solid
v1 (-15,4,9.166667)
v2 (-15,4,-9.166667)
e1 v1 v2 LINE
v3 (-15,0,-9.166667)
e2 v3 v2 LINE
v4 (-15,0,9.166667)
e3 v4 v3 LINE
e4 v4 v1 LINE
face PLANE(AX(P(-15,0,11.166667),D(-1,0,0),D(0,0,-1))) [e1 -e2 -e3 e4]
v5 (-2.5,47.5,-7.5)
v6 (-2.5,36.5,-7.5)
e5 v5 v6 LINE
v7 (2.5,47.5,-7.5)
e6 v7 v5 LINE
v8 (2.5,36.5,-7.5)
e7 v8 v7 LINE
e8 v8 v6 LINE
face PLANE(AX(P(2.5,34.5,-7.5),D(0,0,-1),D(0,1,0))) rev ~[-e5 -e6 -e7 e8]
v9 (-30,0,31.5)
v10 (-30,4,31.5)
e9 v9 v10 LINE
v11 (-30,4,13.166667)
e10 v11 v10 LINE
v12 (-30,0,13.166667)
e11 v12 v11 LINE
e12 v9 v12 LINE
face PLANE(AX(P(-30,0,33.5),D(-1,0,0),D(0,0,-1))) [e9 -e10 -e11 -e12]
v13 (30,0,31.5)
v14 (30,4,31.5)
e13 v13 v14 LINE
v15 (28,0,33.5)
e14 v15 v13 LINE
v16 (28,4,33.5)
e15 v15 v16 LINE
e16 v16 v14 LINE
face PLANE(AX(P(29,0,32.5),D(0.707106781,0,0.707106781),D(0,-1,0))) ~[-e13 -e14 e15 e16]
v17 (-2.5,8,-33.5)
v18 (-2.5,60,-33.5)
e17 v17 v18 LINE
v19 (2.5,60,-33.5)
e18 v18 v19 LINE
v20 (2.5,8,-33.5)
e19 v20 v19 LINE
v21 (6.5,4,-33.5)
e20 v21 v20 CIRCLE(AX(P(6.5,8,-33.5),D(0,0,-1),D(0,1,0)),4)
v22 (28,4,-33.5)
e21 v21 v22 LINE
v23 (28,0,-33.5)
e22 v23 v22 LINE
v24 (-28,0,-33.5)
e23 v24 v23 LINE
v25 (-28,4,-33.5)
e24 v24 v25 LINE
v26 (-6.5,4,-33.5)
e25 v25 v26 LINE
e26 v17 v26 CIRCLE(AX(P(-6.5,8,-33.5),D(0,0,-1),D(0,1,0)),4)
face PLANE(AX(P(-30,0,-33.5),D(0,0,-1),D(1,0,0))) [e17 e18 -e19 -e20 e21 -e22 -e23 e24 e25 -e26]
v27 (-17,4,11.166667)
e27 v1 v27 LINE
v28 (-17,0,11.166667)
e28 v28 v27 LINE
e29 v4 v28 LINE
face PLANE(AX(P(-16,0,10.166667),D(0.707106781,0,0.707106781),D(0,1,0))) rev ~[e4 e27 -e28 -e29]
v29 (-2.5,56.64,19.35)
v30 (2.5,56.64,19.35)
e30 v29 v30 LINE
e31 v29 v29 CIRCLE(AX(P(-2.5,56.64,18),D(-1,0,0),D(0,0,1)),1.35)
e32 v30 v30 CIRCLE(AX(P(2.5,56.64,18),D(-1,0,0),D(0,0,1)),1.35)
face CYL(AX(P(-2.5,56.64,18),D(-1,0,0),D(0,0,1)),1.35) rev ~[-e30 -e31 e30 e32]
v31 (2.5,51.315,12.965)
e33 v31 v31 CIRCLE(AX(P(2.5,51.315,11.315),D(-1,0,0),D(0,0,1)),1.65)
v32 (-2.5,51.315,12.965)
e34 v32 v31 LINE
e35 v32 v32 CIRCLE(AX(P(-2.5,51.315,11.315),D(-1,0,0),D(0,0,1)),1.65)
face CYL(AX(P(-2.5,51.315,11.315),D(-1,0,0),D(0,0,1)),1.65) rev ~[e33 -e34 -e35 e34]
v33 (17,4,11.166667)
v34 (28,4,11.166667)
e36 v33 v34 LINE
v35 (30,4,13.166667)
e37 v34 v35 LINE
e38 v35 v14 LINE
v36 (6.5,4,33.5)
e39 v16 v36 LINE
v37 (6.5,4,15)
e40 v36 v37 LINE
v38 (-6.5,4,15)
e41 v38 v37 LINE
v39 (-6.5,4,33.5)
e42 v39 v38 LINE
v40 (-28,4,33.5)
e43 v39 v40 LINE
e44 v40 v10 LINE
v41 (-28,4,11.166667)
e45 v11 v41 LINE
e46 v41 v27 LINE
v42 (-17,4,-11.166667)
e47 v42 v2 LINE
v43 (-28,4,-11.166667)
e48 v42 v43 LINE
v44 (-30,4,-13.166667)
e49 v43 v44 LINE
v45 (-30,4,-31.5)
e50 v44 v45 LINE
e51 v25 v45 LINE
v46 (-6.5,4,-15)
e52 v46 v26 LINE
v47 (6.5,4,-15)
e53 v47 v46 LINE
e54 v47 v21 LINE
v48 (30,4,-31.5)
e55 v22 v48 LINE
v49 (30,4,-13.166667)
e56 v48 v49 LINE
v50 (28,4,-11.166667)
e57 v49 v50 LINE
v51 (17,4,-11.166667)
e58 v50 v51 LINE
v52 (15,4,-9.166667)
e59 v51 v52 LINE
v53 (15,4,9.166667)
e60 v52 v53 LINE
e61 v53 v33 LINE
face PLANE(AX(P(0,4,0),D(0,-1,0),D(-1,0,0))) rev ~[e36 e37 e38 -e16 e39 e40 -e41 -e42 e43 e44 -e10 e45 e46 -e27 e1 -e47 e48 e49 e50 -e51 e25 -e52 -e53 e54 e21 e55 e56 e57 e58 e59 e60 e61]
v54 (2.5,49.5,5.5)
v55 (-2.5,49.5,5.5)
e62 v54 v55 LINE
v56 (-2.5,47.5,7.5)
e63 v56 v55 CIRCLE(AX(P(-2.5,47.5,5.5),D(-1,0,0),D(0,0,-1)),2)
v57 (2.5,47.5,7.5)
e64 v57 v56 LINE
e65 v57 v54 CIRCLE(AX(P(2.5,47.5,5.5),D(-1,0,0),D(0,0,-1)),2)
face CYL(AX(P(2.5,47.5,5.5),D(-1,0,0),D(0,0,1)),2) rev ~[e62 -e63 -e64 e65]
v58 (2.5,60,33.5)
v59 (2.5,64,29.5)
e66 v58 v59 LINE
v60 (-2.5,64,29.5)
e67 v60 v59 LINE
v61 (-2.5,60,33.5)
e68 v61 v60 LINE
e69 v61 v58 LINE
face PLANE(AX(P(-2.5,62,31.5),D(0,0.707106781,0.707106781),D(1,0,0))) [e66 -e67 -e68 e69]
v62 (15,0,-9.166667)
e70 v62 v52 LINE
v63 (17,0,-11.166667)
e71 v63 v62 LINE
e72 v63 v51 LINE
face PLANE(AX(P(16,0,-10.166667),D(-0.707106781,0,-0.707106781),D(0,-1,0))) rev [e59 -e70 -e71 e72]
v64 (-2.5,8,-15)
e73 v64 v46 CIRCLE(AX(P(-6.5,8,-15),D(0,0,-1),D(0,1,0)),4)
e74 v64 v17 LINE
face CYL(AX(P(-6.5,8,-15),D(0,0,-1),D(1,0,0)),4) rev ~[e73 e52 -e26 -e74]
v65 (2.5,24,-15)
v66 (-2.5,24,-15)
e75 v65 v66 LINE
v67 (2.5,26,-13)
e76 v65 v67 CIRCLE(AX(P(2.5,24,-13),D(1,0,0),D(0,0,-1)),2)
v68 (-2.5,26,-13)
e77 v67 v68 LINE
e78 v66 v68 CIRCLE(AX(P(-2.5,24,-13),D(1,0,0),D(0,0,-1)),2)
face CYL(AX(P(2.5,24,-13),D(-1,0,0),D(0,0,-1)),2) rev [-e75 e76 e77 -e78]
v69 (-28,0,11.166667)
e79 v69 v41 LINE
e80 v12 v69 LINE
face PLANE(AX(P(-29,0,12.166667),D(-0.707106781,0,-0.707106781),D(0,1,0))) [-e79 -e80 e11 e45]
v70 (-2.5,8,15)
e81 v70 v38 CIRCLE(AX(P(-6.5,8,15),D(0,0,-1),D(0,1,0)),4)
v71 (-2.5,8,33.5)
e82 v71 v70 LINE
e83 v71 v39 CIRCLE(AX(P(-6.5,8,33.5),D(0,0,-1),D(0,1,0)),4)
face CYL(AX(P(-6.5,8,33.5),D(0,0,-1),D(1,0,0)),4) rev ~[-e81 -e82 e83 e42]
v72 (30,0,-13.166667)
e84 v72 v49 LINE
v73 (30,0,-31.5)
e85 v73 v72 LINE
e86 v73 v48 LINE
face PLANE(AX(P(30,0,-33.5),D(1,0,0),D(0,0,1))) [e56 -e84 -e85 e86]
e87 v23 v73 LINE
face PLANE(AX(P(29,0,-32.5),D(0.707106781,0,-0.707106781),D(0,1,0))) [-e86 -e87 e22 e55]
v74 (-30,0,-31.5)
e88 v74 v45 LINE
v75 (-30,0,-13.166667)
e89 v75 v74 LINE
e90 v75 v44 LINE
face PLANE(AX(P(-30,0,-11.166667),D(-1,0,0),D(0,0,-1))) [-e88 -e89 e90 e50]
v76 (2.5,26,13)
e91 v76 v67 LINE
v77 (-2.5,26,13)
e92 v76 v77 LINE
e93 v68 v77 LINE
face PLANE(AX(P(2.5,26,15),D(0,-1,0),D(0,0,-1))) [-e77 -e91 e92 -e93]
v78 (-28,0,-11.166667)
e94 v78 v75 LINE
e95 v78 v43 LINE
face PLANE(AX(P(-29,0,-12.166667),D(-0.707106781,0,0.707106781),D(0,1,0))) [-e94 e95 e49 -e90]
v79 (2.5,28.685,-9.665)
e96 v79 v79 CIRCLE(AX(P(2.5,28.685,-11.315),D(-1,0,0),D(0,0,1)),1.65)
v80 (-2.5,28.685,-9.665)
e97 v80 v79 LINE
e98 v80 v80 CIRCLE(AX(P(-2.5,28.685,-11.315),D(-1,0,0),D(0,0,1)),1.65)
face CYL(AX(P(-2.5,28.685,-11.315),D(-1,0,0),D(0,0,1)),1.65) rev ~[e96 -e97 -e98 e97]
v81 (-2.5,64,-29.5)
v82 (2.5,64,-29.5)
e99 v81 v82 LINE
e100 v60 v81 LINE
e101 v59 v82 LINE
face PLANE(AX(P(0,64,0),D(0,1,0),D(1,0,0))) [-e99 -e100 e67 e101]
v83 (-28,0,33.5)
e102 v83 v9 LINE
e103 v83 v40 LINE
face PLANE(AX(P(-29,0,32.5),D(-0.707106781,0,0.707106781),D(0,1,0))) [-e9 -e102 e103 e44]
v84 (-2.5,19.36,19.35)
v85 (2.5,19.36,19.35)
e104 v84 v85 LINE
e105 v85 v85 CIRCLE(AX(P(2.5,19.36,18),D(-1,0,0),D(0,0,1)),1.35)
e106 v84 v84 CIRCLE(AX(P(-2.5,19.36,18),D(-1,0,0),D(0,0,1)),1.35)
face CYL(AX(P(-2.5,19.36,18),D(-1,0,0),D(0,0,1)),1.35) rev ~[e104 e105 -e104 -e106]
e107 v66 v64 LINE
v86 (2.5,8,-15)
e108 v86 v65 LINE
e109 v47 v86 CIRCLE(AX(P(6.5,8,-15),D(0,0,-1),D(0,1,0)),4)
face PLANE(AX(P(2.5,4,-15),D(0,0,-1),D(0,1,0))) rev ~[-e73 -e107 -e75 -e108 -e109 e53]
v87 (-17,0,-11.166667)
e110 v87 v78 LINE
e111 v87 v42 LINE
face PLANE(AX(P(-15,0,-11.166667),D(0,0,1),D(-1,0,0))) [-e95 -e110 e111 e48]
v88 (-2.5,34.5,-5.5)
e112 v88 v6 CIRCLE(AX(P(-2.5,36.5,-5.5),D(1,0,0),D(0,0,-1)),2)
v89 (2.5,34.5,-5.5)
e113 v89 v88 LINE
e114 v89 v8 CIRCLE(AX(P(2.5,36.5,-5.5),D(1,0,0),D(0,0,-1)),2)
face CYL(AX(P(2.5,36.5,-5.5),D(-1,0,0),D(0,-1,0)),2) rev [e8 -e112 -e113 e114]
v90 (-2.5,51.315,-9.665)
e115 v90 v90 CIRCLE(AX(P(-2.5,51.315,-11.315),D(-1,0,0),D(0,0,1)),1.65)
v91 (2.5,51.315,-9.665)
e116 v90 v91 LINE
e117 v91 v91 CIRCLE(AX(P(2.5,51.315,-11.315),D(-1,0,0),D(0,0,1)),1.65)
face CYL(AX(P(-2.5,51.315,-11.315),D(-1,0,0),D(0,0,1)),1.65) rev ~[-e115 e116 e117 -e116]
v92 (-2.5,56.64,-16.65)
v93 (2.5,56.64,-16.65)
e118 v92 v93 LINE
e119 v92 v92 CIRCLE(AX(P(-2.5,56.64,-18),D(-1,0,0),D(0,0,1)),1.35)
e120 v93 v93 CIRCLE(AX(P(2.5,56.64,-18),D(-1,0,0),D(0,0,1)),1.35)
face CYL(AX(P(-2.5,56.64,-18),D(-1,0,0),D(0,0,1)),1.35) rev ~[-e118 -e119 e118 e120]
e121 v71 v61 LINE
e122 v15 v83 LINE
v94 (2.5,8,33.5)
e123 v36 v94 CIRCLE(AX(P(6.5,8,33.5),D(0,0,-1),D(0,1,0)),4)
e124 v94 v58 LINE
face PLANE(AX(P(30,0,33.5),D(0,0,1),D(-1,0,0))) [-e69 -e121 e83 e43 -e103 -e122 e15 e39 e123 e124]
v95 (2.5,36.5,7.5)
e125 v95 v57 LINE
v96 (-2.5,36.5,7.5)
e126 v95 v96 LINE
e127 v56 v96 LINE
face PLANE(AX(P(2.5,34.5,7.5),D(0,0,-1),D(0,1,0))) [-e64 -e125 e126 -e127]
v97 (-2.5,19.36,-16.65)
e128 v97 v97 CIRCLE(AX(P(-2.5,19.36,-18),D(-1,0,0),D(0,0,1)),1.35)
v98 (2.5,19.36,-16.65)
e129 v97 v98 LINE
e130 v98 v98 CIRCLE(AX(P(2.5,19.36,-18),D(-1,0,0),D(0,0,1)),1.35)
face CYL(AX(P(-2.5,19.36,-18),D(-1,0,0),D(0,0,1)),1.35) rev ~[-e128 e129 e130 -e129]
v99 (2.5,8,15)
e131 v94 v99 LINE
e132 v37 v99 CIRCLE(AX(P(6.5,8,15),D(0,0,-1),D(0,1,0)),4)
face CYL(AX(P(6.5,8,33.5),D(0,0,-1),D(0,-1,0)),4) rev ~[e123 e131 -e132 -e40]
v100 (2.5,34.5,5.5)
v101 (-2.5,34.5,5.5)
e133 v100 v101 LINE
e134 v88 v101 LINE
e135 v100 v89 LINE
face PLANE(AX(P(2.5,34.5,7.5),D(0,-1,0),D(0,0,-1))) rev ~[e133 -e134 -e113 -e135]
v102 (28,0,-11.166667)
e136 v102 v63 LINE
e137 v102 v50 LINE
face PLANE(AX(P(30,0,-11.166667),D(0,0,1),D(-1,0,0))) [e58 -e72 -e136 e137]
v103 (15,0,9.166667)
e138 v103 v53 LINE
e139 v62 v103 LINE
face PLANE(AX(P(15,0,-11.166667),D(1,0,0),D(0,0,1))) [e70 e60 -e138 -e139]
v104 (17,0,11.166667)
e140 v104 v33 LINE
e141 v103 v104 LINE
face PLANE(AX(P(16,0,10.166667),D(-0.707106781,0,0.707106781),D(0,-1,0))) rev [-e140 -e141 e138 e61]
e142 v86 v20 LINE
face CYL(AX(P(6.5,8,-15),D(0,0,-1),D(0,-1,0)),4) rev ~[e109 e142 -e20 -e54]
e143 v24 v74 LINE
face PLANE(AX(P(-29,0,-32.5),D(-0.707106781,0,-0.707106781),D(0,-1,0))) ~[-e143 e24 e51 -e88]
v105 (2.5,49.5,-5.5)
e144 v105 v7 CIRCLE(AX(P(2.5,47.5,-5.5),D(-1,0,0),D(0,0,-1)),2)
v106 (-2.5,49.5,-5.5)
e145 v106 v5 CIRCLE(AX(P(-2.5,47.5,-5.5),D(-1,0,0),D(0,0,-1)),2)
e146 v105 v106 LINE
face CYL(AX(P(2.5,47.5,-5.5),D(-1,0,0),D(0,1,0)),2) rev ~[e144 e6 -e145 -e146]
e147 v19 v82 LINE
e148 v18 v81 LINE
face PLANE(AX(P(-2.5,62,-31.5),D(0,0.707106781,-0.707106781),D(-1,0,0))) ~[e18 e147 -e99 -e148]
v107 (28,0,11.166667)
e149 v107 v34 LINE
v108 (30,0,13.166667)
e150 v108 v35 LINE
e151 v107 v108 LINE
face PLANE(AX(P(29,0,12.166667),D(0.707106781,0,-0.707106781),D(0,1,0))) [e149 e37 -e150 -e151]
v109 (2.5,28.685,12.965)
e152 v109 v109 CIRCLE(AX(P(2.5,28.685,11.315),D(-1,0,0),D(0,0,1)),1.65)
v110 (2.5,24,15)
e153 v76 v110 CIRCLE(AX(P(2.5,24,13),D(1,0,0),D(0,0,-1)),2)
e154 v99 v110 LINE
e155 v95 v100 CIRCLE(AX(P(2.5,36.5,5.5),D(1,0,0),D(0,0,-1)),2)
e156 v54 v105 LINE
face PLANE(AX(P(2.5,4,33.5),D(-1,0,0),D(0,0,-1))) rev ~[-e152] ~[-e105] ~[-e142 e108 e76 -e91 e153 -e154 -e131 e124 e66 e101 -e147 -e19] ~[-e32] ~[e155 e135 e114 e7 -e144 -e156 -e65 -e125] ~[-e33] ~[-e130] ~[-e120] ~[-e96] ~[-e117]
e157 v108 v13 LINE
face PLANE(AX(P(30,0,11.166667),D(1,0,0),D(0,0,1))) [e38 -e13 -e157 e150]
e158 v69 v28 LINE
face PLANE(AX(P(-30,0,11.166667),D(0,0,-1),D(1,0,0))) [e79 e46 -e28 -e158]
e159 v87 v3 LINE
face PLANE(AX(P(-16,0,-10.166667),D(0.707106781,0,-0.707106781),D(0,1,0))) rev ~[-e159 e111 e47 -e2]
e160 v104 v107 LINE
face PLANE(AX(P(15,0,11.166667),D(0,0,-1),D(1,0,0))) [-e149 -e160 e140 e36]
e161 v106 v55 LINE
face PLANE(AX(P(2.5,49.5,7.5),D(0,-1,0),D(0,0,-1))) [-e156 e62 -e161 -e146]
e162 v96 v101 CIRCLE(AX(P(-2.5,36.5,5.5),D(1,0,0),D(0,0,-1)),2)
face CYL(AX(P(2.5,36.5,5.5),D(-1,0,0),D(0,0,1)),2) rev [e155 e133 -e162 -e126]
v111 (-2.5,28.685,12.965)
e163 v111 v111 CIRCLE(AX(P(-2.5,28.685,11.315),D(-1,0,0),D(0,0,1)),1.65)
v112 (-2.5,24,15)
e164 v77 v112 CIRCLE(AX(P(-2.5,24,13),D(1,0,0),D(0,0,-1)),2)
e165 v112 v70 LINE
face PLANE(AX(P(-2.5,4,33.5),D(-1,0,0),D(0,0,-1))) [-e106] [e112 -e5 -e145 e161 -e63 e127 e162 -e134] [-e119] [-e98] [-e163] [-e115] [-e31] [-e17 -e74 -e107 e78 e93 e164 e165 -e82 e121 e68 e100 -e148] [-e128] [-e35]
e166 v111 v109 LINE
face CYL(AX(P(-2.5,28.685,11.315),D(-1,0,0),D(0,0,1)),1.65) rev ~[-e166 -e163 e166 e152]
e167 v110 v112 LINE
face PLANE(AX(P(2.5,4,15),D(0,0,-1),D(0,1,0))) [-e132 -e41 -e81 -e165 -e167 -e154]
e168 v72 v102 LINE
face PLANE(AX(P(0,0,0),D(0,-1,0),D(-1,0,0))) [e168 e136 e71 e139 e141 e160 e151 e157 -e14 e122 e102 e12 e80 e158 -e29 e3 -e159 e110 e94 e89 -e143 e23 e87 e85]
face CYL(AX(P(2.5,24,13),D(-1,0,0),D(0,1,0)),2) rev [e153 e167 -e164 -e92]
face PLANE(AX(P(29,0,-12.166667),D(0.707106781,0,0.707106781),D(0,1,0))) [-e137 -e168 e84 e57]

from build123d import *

# Parameters (mm, degrees)
BOSS_EXTRUDE1_DEPTH = 4
SKETCH2_W           = 5
SKETCH2_H           = 67
BOSS_EXTRUDE2_DEPTH = 60
SKETCH3_R           = 1.65
CUT_EXTRUDE1_DEPTH  = 33.5
SKETCH6_R           = 1.35
CUT_EXTRUDE3_DEPTH  = 33.5
SKETCH8_W           = 15
SKETCH8_H           = 15
CUT_EXTRUDE4_DEPTH  = 33.5
SKETCH9_W           = 30
SKETCH9_H           = 22
CUT_EXTRUDE5_DEPTH  = 33.5
FILLET1_R           = 2
FILLET2_R           = 2
CHAMFER1_SIZE       = 2
CHAMFER2_SIZE       = 2
CHAMFER3_SIZE       = 4
FILLET4_R           = 4


with BuildPart() as part:
    # Sketch1 → Boss-Extrude1 (new body)
    with BuildSketch(Plane(origin=(0, 0, 0), x_dir=(1, 0, 0), z_dir=(0, 1, 0))):
        Polygon((-30, 33.5), (30, 33.5), (30, 11.166666667), (15, 11.166666667), (15, -11.166666667), (30, -11.166666667), (30, -33.5), (-30, -33.5), (-30, -11.166666667), (-15, -11.166666667), (-15, 11.166666667), (-30, 11.166666667), align=None)
    extrude(amount=BOSS_EXTRUDE1_DEPTH)

    # Sketch2 → Boss-Extrude2 (add)
    with BuildSketch(Plane(origin=(0, 4, 0), x_dir=(1, 0, 0), z_dir=(0, 1, 0))):
        Rectangle(SKETCH2_W, SKETCH2_H)
    extrude(amount=BOSS_EXTRUDE2_DEPTH)

    # Sketch3 → Cut-Extrude1 (cut, through all)
    with BuildSketch(Plane.ZY.offset(2.5)):
        with Locations((-11.315, 51.315)):
            Circle(SKETCH3_R)
        with Locations((-11.315, 28.685)):
            Circle(SKETCH3_R)
        with Locations((11.315, 28.685)):
            Circle(SKETCH3_R)
        with Locations((11.315, 51.315)):
            Circle(SKETCH3_R)
    extrude(amount=-CUT_EXTRUDE1_DEPTH, mode=Mode.SUBTRACT)

    # Sketch6 → Cut-Extrude3 (cut, through all)
    with BuildSketch(Plane.ZY.offset(2.5)):
        with Locations((-18, 56.64)):
            Circle(SKETCH6_R)
        with Locations((18, 56.64)):
            Circle(SKETCH6_R)
        with Locations((18, 19.36)):
            Circle(SKETCH6_R)
        with Locations((-18, 19.36)):
            Circle(SKETCH6_R)
    extrude(amount=-CUT_EXTRUDE3_DEPTH, mode=Mode.SUBTRACT)

    # Sketch8 → Cut-Extrude4 (cut, through all)
    with BuildSketch(Plane(origin=(2.5, 0, 0), x_dir=(0, 0, -1), z_dir=(1, 0, 0))):
        with Locations((0, 42)):
            Rectangle(SKETCH8_W, SKETCH8_H)
    extrude(amount=-CUT_EXTRUDE4_DEPTH, mode=Mode.SUBTRACT)

    # Sketch9 → Cut-Extrude5 (cut, through all)
    with BuildSketch(Plane(origin=(2.5, 0, 0), x_dir=(0, 0, -1), z_dir=(1, 0, 0))):
        with Locations((0, 15)):
            Rectangle(SKETCH9_W, SKETCH9_H)
    extrude(amount=-CUT_EXTRUDE5_DEPTH, mode=Mode.SUBTRACT)

    # Fillet1
    fillet1_edges = [part.edges().sort_by_distance(p)[0] for p in [
        (0, 26, -15),
        (0, 26, 15),
    ]]
    fillet(fillet1_edges, radius=FILLET1_R)

    # Fillet2
    fillet2_edges = [part.edges().sort_by_distance(p)[0] for p in [
        (0, 49.5, -7.5),
        (0, 34.5, -7.5),
        (0, 34.5, 7.5),
        (0, 49.5, 7.5),
    ]]
    fillet(fillet2_edges, radius=FILLET2_R)

    # Chamfer1
    chamfer1_edges = [part.edges().sort_by_distance(p)[0] for p in [
        (30, 2, -11.166666667),
        (30, 2, 11.166666667),
        (30, 2, 33.5),
        (-30, 2, 33.5),
        (-30, 2, 11.166666667),
        (-30, 2, -11.166666667),
        (-30, 2, -33.5),
        (30, 2, -33.5),
    ]]
    chamfer(chamfer1_edges, length=CHAMFER1_SIZE)

    # Chamfer2
    chamfer2_edges = [part.edges().sort_by_distance(p)[0] for p in [
        (15, 2, -11.166666667),
        (15, 2, 11.166666667),
        (-15, 2, 11.166666667),
        (-15, 2, -11.166666667),
    ]]
    chamfer(chamfer2_edges, length=CHAMFER2_SIZE)

    # Chamfer3
    chamfer3_edges = [part.edges().sort_by_distance(p)[0] for p in [
        (0, 64, -33.5),
        (0, 64, 33.5),
    ]]
    chamfer(chamfer3_edges, length=CHAMFER3_SIZE)

    # Fillet4
    fillet4_edges = [part.edges().sort_by_distance(p)[0] for p in [
        (-2.5, 4, 24.25),
        (2.5, 4, -24.25),
        (2.5, 4, 24.25),
        (-2.5, 4, -24.25),
    ]]
    fillet(fillet4_edges, radius=FILLET4_R)


solid = part.part
